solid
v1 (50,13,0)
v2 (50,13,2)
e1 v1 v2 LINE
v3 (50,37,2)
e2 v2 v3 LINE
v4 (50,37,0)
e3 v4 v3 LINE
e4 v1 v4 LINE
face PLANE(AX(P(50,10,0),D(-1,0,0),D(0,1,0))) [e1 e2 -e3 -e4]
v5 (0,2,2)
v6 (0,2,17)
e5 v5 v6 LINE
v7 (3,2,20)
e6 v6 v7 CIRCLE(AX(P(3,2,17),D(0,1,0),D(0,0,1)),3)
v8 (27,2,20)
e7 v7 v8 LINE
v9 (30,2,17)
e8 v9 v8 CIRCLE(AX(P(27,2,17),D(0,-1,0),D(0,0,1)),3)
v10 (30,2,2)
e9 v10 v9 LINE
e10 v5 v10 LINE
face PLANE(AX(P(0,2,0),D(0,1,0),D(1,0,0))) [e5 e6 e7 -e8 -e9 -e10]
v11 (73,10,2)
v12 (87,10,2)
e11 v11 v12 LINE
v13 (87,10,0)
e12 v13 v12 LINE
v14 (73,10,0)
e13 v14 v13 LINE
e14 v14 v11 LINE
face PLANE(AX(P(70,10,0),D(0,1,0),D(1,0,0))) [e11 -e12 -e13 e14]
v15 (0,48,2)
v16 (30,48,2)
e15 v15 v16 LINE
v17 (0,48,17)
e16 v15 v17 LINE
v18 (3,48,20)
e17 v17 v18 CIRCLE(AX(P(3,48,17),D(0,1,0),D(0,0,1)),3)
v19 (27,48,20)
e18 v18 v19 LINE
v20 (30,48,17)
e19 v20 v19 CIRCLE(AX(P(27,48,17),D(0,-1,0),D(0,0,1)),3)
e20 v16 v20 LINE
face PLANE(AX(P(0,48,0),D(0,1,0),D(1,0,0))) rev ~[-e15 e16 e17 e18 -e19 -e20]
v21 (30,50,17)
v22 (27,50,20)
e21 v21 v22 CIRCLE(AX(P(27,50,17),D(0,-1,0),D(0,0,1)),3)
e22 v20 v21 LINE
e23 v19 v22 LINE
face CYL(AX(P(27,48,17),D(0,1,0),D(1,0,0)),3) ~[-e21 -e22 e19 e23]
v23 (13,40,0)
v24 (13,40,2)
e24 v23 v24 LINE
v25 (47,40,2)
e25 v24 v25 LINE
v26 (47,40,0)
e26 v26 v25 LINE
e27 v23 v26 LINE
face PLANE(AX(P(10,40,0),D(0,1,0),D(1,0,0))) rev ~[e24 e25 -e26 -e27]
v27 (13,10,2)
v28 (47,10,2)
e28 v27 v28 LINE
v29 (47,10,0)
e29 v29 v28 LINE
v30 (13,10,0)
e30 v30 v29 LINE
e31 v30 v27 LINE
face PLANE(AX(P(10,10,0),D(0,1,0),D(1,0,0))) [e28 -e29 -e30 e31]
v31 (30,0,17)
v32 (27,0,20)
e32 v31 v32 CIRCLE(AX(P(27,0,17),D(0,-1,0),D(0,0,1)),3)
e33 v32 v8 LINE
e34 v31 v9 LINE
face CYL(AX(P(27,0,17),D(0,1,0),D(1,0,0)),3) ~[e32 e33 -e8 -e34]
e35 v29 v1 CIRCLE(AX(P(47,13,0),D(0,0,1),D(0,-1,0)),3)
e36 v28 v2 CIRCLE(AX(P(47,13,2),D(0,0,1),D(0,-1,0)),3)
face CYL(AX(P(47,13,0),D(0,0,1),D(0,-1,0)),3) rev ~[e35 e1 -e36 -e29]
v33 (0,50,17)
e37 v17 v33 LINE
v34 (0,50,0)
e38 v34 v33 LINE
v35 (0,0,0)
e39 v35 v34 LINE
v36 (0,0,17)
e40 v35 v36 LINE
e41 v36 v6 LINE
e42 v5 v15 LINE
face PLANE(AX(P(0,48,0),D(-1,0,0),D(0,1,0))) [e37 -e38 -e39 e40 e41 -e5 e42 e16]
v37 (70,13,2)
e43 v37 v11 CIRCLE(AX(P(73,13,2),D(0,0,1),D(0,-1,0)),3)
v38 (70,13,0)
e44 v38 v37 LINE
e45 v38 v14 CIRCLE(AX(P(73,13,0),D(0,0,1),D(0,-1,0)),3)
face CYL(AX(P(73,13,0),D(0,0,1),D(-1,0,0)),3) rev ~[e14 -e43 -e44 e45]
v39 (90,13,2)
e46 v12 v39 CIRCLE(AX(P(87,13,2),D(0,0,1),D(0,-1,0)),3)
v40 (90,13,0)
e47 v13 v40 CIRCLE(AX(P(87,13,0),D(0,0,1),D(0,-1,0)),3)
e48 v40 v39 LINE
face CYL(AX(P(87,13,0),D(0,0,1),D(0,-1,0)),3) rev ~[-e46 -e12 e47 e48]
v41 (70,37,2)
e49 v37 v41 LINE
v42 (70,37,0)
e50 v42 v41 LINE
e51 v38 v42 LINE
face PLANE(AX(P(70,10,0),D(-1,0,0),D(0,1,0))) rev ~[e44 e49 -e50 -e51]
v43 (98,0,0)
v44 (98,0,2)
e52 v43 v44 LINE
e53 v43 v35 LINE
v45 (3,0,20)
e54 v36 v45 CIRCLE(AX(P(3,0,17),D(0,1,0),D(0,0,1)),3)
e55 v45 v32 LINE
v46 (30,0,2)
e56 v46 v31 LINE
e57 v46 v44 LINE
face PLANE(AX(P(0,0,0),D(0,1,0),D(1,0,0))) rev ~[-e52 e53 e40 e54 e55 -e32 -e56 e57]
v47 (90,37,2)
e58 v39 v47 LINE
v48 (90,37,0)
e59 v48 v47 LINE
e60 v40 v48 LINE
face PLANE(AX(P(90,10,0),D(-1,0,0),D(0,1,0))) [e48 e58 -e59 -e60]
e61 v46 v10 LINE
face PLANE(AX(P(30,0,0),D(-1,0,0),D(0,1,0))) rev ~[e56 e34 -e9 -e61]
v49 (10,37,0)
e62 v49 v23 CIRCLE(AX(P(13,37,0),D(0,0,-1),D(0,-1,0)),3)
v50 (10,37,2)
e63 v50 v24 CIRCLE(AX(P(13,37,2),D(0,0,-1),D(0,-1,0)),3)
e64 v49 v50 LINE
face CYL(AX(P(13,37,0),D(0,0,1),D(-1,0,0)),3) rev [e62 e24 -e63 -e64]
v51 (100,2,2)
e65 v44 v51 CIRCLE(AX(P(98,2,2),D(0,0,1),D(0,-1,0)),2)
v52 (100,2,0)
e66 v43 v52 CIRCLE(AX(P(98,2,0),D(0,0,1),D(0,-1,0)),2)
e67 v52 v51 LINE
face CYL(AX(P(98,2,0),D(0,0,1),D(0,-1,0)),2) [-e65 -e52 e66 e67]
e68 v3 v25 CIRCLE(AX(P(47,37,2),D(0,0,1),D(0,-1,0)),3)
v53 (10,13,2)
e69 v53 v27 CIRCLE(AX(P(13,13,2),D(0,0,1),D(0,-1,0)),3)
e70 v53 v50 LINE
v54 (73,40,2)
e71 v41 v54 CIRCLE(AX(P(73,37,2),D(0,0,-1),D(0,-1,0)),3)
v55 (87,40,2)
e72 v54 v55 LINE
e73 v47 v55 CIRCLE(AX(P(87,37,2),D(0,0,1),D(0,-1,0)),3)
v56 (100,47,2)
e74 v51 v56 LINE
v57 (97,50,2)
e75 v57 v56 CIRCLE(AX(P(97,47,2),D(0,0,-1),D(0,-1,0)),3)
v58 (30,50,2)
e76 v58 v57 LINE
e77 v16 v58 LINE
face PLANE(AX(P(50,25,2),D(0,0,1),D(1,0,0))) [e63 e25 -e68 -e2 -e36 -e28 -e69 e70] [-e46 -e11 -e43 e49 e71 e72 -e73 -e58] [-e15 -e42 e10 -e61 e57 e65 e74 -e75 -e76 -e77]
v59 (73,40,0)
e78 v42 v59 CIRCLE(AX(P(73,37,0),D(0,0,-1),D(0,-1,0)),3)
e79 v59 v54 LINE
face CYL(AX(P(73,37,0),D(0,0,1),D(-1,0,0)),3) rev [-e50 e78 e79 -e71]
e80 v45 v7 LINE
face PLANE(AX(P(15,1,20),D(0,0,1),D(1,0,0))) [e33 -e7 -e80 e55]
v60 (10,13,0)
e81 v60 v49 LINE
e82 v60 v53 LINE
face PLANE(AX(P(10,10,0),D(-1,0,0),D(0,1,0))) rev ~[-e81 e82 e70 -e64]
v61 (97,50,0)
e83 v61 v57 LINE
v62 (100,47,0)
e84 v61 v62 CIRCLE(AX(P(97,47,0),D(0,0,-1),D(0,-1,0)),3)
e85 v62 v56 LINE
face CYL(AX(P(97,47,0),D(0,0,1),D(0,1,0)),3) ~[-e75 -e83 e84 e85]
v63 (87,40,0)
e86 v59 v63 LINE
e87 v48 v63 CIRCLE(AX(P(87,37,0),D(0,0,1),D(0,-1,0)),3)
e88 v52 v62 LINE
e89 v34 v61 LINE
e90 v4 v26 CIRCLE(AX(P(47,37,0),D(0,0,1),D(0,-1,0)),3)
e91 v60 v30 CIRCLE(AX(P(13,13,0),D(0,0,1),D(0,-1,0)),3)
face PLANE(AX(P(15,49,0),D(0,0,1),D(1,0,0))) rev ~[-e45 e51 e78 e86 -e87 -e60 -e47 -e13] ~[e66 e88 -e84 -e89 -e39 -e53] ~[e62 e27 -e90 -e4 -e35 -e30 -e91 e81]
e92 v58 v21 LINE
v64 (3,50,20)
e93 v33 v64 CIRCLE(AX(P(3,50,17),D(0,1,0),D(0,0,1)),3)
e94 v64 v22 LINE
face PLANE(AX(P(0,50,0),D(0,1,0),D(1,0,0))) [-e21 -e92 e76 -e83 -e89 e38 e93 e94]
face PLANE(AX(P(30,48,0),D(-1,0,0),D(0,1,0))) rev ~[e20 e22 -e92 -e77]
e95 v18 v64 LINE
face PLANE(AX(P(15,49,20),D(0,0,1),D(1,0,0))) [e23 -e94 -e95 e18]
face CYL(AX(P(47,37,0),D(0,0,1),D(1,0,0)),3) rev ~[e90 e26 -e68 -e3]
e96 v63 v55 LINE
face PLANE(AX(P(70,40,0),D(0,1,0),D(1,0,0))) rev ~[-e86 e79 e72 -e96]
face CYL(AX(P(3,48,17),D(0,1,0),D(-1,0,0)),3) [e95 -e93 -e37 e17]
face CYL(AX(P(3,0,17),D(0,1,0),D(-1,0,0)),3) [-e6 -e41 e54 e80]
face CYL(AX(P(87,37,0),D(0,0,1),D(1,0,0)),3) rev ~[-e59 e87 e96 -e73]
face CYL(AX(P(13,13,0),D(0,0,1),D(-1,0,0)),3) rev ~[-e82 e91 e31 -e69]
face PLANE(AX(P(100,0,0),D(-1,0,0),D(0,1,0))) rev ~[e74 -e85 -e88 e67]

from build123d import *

# Parameters (mm, degrees)
BOX002_W      = 20
BOX002_H      = 30
BOX002_DEPTH  = 2
FILLET003_R   = 3
BOX001_W      = 40
BOX001_H      = 30
BOX001_DEPTH  = 2
FILLET002_R   = 3
BOX_W         = 100
BOX_H         = 50
BOX_DEPTH     = 2
FILLET_R      = 2
FILLET001_R   = 3
BOX003_W      = 30
BOX003_H      = 2
BOX003_DEPTH  = 20
FILLET004_R   = 3
ARRAY_Y_COUNT = 2
ARRAY_Y_PITCH = 48


with BuildPart() as fillet003:
    # Box002 → Box002 (new body)
    with BuildSketch(Plane.XY):
        with Locations((10, 15)):
            Rectangle(BOX002_W, BOX002_H)
    extrude(amount=BOX002_DEPTH)

    # Fillet003
    fillet003_edges = [fillet003.edges().sort_by_distance(p)[0] for p in [
        (0, 0, 1),
        (0, 30, 1),
        (20, 0, 1),
        (20, 30, 1),
    ]]
    fillet(fillet003_edges, radius=FILLET003_R)


with BuildPart() as fillet003_1:
    # Fillet003 placement: moved
    add(fillet003.part.moved(Location((70, 10, 0))))


with BuildPart() as fillet002:
    # Box001 → Box001 (new body)
    with BuildSketch(Plane(origin=(10, 10, 0), x_dir=(1, 0, 0), z_dir=(0, 0, 1))):
        with Locations((20, 15)):
            Rectangle(BOX001_W, BOX001_H)
    extrude(amount=BOX001_DEPTH)

    # Fillet002
    fillet002_edges = [fillet002.edges().sort_by_distance(p)[0] for p in [
        (10, 10, 1),
        (10, 40, 1),
        (50, 10, 1),
        (50, 40, 1),
    ]]
    fillet(fillet002_edges, radius=FILLET002_R)


with BuildPart() as cut001:
    # Box → Box (new body)
    with BuildSketch(Plane.XY):
        with Locations((50, 25)):
            Rectangle(BOX_W, BOX_H)
    extrude(amount=BOX_DEPTH)

    # Fillet
    fillet_edges = [cut001.edges().sort_by_distance(p)[0] for p in [
        (0, 0, 1),
        (0, 50, 1),
        (100, 0, 1),
    ]]
    fillet(fillet_edges, radius=FILLET_R)

    # Fillet001
    fillet001_edges = [cut001.edges().sort_by_distance(p)[0] for p in [
        (100, 50, 1),
    ]]
    fillet(fillet001_edges, radius=FILLET001_R)

    # Cut: cut Fillet002
    add(fillet002.part, mode=Mode.SUBTRACT)

    # Cut001: cut Fillet003
    add(fillet003_1.part, mode=Mode.SUBTRACT)


with BuildPart() as fusion:
    # Box003 → Box003 (new body)
    with BuildSketch(Plane.XY):
        with Locations((15, 1)):
            Rectangle(BOX003_W, BOX003_H)
    extrude(amount=BOX003_DEPTH)

    # Fillet004
    fillet004_edges = [fusion.edges().sort_by_distance(p)[0] for p in [
        (0, 1, 20),
        (30, 1, 20),
    ]]
    fillet(fillet004_edges, radius=FILLET004_R)

    # Array Y: Fusion ×2


with BuildPart() as fusion_1:
    add(fusion.part)
    with Locations(*[(0, i * ARRAY_Y_PITCH, 0) for i in range(1, ARRAY_Y_COUNT)]):
        add(fusion.part)

    # Fusion: union Cut001
    add(cut001.part)


solid = fusion_1.part
